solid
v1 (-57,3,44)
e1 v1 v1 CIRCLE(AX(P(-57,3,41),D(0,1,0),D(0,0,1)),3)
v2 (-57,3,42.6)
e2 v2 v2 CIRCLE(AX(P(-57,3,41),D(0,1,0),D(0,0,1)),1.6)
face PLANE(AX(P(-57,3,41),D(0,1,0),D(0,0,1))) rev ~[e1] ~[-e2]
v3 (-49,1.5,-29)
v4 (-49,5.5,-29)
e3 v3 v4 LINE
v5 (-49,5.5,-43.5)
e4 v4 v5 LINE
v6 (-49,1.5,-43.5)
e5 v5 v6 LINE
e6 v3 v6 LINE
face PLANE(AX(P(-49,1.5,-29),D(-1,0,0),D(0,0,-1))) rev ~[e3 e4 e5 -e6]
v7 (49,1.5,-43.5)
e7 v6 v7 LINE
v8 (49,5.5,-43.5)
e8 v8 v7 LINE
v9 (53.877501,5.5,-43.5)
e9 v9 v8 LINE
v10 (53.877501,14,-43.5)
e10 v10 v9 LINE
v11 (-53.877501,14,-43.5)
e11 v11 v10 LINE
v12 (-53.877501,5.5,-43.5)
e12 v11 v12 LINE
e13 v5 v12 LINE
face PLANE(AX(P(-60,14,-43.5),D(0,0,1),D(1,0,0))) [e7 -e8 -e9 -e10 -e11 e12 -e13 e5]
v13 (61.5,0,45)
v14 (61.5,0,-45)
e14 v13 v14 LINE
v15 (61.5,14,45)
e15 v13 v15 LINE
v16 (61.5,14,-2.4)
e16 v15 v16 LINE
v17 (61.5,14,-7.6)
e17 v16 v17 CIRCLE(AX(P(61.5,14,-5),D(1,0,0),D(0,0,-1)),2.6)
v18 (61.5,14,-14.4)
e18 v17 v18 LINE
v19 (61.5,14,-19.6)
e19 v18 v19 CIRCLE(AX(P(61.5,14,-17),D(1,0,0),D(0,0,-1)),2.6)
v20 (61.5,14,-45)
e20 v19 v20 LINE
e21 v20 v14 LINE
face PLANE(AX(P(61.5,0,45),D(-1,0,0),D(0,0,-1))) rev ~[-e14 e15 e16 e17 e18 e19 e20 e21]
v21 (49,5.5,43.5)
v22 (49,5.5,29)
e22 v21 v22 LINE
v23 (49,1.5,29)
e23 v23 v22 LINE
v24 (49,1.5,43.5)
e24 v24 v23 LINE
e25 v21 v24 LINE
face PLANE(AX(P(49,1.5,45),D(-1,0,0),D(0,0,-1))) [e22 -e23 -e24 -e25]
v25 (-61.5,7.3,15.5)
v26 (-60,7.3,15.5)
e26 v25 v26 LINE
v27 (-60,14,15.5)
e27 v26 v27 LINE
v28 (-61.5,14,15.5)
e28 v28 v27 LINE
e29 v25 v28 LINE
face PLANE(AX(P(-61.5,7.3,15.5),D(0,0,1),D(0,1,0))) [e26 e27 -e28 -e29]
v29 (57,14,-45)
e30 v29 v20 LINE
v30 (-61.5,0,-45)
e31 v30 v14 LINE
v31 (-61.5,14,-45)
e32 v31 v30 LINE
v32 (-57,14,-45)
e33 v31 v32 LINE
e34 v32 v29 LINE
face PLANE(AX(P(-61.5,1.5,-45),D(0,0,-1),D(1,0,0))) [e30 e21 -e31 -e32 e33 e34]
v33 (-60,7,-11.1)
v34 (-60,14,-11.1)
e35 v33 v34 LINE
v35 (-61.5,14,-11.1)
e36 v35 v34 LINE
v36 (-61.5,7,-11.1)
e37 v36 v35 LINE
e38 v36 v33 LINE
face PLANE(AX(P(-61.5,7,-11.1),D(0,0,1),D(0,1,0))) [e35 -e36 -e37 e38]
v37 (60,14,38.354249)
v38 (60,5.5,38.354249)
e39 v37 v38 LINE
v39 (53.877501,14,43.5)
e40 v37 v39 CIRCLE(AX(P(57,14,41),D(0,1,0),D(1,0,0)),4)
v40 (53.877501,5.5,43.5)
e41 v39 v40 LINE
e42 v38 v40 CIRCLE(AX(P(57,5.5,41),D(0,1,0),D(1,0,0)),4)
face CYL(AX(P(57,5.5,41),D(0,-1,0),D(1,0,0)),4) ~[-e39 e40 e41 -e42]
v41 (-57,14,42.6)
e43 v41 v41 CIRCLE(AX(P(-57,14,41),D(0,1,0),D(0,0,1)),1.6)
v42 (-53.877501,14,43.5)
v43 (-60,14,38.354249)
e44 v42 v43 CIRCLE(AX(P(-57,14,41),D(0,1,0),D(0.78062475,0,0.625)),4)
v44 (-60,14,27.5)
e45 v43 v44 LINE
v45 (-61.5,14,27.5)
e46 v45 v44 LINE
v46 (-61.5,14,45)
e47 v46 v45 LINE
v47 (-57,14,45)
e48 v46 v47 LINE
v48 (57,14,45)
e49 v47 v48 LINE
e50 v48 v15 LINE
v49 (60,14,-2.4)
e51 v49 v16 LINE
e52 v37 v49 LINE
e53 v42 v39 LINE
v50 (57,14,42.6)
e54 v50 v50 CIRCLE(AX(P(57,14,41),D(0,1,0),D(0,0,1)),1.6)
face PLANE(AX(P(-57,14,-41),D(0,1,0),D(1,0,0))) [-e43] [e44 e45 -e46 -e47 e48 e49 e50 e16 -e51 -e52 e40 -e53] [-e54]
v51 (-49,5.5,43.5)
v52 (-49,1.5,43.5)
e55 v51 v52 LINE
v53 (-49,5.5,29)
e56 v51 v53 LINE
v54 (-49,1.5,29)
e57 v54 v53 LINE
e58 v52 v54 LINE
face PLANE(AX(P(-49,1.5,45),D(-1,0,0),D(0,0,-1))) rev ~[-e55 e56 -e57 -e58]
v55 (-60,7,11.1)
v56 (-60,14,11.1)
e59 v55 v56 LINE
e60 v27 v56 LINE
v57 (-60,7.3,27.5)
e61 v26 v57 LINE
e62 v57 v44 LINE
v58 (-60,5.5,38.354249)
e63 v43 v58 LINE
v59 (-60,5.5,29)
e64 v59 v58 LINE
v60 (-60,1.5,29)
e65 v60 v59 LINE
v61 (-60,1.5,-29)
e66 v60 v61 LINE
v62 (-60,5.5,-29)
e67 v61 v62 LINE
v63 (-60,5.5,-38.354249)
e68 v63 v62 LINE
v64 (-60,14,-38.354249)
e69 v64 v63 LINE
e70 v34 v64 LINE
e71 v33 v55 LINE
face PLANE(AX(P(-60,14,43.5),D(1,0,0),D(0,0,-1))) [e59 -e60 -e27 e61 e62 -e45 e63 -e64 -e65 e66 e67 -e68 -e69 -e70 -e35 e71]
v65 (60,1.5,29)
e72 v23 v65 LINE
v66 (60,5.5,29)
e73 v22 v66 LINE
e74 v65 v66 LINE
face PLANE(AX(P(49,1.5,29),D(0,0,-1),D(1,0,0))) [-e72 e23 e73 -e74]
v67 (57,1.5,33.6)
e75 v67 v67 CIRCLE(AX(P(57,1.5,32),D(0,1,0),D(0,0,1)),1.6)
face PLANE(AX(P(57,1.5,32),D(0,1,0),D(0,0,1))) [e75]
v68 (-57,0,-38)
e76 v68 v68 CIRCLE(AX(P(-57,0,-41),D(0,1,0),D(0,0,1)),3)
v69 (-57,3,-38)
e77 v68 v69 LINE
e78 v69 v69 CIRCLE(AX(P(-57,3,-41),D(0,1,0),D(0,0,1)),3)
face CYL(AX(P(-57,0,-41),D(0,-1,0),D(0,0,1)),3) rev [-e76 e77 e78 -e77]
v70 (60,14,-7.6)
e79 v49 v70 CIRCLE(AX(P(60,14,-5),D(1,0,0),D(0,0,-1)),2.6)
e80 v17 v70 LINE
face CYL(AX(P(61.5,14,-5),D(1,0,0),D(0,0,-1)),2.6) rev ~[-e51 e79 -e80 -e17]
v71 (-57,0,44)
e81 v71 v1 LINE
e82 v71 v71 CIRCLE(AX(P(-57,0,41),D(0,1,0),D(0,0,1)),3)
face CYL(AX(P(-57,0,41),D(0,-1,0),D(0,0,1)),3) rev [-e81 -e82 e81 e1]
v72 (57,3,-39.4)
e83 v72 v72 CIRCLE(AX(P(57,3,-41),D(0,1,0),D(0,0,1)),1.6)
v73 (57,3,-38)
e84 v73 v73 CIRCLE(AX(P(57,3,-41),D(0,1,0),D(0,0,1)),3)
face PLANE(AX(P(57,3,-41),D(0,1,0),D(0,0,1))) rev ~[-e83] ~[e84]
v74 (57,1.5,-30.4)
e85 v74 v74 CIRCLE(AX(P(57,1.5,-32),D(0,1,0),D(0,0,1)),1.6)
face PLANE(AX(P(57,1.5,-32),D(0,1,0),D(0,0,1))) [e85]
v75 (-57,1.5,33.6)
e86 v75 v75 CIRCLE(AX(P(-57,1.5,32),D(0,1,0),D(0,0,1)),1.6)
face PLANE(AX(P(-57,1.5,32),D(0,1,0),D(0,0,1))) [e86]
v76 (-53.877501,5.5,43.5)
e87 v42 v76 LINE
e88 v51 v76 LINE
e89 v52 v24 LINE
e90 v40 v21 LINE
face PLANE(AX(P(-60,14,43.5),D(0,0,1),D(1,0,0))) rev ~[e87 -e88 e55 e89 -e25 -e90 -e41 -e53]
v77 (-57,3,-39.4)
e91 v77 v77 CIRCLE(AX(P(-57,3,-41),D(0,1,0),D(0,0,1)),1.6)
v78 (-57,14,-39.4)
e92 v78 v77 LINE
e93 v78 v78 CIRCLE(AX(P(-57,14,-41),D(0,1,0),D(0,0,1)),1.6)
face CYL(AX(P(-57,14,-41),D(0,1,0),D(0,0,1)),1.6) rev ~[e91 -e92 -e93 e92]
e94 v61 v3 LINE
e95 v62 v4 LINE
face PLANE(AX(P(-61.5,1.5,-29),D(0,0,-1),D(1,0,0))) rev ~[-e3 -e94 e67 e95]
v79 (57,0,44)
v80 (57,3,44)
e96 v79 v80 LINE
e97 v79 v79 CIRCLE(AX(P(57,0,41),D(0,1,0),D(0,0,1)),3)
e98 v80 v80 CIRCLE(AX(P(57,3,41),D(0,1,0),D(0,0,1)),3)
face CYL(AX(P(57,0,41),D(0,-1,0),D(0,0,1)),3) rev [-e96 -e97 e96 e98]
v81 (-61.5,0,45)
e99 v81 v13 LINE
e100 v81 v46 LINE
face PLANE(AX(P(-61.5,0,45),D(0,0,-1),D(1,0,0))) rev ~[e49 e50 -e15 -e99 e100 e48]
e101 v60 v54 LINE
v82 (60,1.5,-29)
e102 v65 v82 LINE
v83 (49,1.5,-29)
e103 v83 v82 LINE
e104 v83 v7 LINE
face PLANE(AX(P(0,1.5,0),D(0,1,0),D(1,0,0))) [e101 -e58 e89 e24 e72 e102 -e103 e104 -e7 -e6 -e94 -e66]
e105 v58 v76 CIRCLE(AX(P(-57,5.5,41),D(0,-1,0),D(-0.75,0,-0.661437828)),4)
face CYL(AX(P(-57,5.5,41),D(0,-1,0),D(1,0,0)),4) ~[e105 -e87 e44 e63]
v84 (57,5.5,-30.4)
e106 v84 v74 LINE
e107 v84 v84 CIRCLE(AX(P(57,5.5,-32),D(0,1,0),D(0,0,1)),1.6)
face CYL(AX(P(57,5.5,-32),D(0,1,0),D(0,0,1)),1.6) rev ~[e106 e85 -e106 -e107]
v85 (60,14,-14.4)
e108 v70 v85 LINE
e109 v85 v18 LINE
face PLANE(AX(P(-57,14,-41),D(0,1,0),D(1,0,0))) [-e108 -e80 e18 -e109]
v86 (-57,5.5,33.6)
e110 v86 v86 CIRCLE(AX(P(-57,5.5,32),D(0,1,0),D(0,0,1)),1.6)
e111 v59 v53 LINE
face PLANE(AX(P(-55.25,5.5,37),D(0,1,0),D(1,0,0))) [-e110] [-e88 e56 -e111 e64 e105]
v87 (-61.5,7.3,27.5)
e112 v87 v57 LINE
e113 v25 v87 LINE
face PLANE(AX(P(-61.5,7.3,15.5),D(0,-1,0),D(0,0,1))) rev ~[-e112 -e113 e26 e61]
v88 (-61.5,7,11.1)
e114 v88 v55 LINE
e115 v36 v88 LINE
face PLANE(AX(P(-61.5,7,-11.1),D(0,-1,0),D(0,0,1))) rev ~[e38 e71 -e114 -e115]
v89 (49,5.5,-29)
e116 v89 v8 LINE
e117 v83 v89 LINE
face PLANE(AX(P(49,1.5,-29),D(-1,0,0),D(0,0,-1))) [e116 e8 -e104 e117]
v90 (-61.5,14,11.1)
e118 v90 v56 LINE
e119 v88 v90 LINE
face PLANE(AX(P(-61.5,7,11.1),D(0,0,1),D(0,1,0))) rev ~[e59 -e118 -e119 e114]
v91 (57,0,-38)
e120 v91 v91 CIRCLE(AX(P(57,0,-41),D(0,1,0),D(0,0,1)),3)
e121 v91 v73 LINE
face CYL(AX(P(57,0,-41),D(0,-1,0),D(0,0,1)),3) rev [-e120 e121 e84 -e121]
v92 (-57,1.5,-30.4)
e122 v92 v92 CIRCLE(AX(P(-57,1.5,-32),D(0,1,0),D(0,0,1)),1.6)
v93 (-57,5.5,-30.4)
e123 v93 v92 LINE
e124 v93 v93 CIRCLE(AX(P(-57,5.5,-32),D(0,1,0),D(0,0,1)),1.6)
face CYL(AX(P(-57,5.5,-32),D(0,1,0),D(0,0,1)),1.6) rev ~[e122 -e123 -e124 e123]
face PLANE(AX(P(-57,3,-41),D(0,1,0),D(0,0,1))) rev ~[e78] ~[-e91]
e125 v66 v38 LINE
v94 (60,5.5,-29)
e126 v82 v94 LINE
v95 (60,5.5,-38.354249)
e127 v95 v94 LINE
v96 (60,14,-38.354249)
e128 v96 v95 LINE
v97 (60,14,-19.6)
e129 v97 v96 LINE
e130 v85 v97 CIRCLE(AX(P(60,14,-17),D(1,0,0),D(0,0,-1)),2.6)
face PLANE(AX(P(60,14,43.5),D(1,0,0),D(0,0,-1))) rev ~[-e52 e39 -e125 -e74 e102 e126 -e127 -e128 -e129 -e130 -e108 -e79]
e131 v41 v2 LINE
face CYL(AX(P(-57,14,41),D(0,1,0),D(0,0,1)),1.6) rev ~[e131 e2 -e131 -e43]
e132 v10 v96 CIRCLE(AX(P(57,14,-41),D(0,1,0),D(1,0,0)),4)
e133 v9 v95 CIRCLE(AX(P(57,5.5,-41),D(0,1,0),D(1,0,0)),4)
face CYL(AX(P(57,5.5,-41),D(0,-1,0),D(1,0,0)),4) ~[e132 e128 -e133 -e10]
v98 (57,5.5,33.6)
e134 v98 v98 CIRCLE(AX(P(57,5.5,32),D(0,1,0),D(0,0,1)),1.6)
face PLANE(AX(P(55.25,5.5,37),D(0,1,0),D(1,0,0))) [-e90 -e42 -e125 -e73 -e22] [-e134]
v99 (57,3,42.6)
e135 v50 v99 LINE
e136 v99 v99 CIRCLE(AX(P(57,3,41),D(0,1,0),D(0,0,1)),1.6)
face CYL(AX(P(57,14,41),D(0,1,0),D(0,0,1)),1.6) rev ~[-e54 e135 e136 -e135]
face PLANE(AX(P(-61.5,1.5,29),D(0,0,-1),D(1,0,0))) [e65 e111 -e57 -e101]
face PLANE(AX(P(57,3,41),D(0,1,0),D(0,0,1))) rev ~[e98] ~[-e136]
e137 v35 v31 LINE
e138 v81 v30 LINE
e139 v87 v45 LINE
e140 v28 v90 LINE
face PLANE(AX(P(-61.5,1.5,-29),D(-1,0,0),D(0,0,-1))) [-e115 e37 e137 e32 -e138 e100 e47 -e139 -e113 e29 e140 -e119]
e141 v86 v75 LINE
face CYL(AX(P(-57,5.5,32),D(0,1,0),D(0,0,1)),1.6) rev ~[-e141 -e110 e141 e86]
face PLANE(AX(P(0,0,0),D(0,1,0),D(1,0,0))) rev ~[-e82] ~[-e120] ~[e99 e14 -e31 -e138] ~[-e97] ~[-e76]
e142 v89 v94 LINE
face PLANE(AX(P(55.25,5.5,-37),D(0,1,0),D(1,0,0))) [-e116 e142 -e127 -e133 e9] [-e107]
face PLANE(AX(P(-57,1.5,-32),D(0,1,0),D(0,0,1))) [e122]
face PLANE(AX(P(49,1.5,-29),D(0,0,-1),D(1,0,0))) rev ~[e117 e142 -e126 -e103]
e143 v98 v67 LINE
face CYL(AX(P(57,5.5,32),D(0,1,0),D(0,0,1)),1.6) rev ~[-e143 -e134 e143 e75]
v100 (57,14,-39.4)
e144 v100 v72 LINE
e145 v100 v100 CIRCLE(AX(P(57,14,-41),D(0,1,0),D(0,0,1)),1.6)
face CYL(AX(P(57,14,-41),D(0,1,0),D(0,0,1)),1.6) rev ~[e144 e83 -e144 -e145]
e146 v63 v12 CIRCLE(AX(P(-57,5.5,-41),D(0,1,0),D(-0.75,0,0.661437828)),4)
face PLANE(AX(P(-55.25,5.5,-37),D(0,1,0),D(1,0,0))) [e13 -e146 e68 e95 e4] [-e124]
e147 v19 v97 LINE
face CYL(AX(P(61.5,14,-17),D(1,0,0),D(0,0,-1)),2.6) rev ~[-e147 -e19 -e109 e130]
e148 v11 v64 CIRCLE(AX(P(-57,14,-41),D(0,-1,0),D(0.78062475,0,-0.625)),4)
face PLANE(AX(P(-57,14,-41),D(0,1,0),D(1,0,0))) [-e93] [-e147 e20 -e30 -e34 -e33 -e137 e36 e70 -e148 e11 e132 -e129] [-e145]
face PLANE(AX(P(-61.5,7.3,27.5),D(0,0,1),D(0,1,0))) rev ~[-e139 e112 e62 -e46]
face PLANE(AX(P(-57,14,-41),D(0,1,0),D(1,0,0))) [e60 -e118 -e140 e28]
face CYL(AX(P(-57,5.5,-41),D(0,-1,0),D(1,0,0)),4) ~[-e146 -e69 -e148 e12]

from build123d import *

# Parameters (mm, degrees)
SKETCH_1_W          = 123
SKETCH_1_H          = 90
EXTRUDE_1_DEPTH     = 14
SKETCH_2_W          = 120
SKETCH_2_H          = 87
CUT_EXTRUDE_1_DEPTH = 12.5
SKETCH_3_W          = 12.5
SKETCH_3_H          = 16
EXTRUDE_2_DEPTH     = 4
SKETCH_4_R          = 4
EXTRUDE_3_DEPTH     = 8.5
SKETCH_5_R          = 3
CUT_EXTRUDE_2_DEPTH = 3
SKETCH_6_R          = 1.6
CUT_EXTRUDE_3_DEPTH = 11
SKETCH_7_R          = 2.6
CUT_EXTRUDE_4_DEPTH = 1.5
SKETCH_8_W          = 22.2
SKETCH_8_H          = 7
SKETCH_8_W_2        = 12
SKETCH_8_H_2        = 6.7
CUT_EXTRUDE_5_DEPTH = 1.5
SKETCH_9_R          = 1.6
CUT_EXTRUDE_6_DEPTH = 4


with BuildPart() as part:
    # Эскиз1 → Бобышка-Вытянуть1 (new body)
    with BuildSketch(Plane(origin=(0, 0, 0), x_dir=(1, 0, 0), z_dir=(0, 1, 0))):
        Rectangle(SKETCH_1_W, SKETCH_1_H)
    extrude(amount=EXTRUDE_1_DEPTH)

    # Эскиз2 → Вырез-Вытянуть1 (cut)
    with BuildSketch(Plane(origin=(0, 14, 0), x_dir=(1, 0, 0), z_dir=(0, 1, 0))):
        Rectangle(SKETCH_2_W, SKETCH_2_H)
    extrude(amount=-CUT_EXTRUDE_1_DEPTH, mode=Mode.SUBTRACT)

    # Эскиз3 → Бобышка-Вытянуть2 (add)
    with BuildSketch(Plane(origin=(0, 1.5, 0), x_dir=(1, 0, 0), z_dir=(0, 1, 0))):
        with Locations((-55.25, 37)):
            Rectangle(SKETCH_3_W, SKETCH_3_H)
        with Locations((55.25, 37)):
            Rectangle(SKETCH_3_W, SKETCH_3_H)
        with Locations((55.25, -37)):
            Rectangle(SKETCH_3_W, SKETCH_3_H)
        with Locations((-55.25, -37)):
            Rectangle(SKETCH_3_W, SKETCH_3_H)
    extrude(amount=EXTRUDE_2_DEPTH)

    # Эскиз4 → Бобышка-Вытянуть3 (add)
    with BuildSketch(Plane(origin=(0, 5.5, 0), x_dir=(1, 0, 0), z_dir=(0, 1, 0))):
        with Locations((-57, 41)):
            Circle(SKETCH_4_R)
        with Locations((57, 41)):
            Circle(SKETCH_4_R)
        with Locations((57, -41)):
            Circle(SKETCH_4_R)
        with Locations((-57, -41)):
            Circle(SKETCH_4_R)
    extrude(amount=EXTRUDE_3_DEPTH)

    # Эскиз5 → Вырез-Вытянуть2 (cut)
    with BuildSketch(Plane(origin=(0, 0, 0), x_dir=(1, 0, 0), z_dir=(0, 1, 0))):
        with Locations(Location((-57, 41, 0), (0, 0, 270))):
            Circle(SKETCH_5_R)
        with Locations(Location((57, 41, 0), (0, 0, 270))):
            Circle(SKETCH_5_R)
        with Locations(Location((57, -41, 0), (0, 0, 270))):
            Circle(SKETCH_5_R)
        with Locations(Location((-57, -41, 0), (0, 0, 270))):
            Circle(SKETCH_5_R)
    extrude(amount=CUT_EXTRUDE_2_DEPTH, mode=Mode.SUBTRACT)

    # Эскиз6 → Вырез-Вытянуть3 (cut)
    with BuildSketch(Plane(origin=(0, 14, 0), x_dir=(1, 0, 0), z_dir=(0, 1, 0))):
        with Locations(Location((-57, 41, 0), (0, 0, 270))):
            Circle(SKETCH_6_R)
        with Locations(Location((57, 41, 0), (0, 0, 270))):
            Circle(SKETCH_6_R)
        with Locations(Location((57, -41, 0), (0, 0, 270))):
            Circle(SKETCH_6_R)
        with Locations(Location((-57, -41, 0), (0, 0, 270))):
            Circle(SKETCH_6_R)
    extrude(amount=-CUT_EXTRUDE_3_DEPTH, mode=Mode.SUBTRACT)

    # Эскиз7 → Вырез-Вытянуть4 (cut)
    with BuildSketch(Plane(origin=(61.5, 0, 0), x_dir=(0, 0, -1), z_dir=(1, 0, 0))):
        with Locations((17, 14)):
            Circle(SKETCH_7_R)
        with Locations((5, 14)):
            Circle(SKETCH_7_R)
    extrude(amount=-CUT_EXTRUDE_4_DEPTH, mode=Mode.SUBTRACT)

    # Эскиз8 → Вырез-Вытянуть5 (cut)
    with BuildSketch(Plane.ZY.offset(61.5)):
        with Locations((0, 10.5)):
            Rectangle(SKETCH_8_W, SKETCH_8_H)
        with Locations((21.5, 10.65)):
            Rectangle(SKETCH_8_W_2, SKETCH_8_H_2)
    extrude(amount=-CUT_EXTRUDE_5_DEPTH, mode=Mode.SUBTRACT)

    # Эскиз9 → Вырез-Вытянуть6 (cut)
    with BuildSketch(Plane(origin=(0, 5.5, 0), x_dir=(-1, 0, 0), z_dir=(0, 1, 0))):
        with Locations(Location((57, 32, 0), (0, 0, 90))):
            Circle(SKETCH_9_R)
        with Locations(Location((57, -32, 0), (0, 0, 90))):
            Circle(SKETCH_9_R)
        with Locations(Location((-57, -32, 0), (0, 0, 90))):
            Circle(SKETCH_9_R)
        with Locations(Location((-57, 32, 0), (0, 0, 90))):
            Circle(SKETCH_9_R)
    extrude(amount=-CUT_EXTRUDE_6_DEPTH, mode=Mode.SUBTRACT)


solid = part.part
